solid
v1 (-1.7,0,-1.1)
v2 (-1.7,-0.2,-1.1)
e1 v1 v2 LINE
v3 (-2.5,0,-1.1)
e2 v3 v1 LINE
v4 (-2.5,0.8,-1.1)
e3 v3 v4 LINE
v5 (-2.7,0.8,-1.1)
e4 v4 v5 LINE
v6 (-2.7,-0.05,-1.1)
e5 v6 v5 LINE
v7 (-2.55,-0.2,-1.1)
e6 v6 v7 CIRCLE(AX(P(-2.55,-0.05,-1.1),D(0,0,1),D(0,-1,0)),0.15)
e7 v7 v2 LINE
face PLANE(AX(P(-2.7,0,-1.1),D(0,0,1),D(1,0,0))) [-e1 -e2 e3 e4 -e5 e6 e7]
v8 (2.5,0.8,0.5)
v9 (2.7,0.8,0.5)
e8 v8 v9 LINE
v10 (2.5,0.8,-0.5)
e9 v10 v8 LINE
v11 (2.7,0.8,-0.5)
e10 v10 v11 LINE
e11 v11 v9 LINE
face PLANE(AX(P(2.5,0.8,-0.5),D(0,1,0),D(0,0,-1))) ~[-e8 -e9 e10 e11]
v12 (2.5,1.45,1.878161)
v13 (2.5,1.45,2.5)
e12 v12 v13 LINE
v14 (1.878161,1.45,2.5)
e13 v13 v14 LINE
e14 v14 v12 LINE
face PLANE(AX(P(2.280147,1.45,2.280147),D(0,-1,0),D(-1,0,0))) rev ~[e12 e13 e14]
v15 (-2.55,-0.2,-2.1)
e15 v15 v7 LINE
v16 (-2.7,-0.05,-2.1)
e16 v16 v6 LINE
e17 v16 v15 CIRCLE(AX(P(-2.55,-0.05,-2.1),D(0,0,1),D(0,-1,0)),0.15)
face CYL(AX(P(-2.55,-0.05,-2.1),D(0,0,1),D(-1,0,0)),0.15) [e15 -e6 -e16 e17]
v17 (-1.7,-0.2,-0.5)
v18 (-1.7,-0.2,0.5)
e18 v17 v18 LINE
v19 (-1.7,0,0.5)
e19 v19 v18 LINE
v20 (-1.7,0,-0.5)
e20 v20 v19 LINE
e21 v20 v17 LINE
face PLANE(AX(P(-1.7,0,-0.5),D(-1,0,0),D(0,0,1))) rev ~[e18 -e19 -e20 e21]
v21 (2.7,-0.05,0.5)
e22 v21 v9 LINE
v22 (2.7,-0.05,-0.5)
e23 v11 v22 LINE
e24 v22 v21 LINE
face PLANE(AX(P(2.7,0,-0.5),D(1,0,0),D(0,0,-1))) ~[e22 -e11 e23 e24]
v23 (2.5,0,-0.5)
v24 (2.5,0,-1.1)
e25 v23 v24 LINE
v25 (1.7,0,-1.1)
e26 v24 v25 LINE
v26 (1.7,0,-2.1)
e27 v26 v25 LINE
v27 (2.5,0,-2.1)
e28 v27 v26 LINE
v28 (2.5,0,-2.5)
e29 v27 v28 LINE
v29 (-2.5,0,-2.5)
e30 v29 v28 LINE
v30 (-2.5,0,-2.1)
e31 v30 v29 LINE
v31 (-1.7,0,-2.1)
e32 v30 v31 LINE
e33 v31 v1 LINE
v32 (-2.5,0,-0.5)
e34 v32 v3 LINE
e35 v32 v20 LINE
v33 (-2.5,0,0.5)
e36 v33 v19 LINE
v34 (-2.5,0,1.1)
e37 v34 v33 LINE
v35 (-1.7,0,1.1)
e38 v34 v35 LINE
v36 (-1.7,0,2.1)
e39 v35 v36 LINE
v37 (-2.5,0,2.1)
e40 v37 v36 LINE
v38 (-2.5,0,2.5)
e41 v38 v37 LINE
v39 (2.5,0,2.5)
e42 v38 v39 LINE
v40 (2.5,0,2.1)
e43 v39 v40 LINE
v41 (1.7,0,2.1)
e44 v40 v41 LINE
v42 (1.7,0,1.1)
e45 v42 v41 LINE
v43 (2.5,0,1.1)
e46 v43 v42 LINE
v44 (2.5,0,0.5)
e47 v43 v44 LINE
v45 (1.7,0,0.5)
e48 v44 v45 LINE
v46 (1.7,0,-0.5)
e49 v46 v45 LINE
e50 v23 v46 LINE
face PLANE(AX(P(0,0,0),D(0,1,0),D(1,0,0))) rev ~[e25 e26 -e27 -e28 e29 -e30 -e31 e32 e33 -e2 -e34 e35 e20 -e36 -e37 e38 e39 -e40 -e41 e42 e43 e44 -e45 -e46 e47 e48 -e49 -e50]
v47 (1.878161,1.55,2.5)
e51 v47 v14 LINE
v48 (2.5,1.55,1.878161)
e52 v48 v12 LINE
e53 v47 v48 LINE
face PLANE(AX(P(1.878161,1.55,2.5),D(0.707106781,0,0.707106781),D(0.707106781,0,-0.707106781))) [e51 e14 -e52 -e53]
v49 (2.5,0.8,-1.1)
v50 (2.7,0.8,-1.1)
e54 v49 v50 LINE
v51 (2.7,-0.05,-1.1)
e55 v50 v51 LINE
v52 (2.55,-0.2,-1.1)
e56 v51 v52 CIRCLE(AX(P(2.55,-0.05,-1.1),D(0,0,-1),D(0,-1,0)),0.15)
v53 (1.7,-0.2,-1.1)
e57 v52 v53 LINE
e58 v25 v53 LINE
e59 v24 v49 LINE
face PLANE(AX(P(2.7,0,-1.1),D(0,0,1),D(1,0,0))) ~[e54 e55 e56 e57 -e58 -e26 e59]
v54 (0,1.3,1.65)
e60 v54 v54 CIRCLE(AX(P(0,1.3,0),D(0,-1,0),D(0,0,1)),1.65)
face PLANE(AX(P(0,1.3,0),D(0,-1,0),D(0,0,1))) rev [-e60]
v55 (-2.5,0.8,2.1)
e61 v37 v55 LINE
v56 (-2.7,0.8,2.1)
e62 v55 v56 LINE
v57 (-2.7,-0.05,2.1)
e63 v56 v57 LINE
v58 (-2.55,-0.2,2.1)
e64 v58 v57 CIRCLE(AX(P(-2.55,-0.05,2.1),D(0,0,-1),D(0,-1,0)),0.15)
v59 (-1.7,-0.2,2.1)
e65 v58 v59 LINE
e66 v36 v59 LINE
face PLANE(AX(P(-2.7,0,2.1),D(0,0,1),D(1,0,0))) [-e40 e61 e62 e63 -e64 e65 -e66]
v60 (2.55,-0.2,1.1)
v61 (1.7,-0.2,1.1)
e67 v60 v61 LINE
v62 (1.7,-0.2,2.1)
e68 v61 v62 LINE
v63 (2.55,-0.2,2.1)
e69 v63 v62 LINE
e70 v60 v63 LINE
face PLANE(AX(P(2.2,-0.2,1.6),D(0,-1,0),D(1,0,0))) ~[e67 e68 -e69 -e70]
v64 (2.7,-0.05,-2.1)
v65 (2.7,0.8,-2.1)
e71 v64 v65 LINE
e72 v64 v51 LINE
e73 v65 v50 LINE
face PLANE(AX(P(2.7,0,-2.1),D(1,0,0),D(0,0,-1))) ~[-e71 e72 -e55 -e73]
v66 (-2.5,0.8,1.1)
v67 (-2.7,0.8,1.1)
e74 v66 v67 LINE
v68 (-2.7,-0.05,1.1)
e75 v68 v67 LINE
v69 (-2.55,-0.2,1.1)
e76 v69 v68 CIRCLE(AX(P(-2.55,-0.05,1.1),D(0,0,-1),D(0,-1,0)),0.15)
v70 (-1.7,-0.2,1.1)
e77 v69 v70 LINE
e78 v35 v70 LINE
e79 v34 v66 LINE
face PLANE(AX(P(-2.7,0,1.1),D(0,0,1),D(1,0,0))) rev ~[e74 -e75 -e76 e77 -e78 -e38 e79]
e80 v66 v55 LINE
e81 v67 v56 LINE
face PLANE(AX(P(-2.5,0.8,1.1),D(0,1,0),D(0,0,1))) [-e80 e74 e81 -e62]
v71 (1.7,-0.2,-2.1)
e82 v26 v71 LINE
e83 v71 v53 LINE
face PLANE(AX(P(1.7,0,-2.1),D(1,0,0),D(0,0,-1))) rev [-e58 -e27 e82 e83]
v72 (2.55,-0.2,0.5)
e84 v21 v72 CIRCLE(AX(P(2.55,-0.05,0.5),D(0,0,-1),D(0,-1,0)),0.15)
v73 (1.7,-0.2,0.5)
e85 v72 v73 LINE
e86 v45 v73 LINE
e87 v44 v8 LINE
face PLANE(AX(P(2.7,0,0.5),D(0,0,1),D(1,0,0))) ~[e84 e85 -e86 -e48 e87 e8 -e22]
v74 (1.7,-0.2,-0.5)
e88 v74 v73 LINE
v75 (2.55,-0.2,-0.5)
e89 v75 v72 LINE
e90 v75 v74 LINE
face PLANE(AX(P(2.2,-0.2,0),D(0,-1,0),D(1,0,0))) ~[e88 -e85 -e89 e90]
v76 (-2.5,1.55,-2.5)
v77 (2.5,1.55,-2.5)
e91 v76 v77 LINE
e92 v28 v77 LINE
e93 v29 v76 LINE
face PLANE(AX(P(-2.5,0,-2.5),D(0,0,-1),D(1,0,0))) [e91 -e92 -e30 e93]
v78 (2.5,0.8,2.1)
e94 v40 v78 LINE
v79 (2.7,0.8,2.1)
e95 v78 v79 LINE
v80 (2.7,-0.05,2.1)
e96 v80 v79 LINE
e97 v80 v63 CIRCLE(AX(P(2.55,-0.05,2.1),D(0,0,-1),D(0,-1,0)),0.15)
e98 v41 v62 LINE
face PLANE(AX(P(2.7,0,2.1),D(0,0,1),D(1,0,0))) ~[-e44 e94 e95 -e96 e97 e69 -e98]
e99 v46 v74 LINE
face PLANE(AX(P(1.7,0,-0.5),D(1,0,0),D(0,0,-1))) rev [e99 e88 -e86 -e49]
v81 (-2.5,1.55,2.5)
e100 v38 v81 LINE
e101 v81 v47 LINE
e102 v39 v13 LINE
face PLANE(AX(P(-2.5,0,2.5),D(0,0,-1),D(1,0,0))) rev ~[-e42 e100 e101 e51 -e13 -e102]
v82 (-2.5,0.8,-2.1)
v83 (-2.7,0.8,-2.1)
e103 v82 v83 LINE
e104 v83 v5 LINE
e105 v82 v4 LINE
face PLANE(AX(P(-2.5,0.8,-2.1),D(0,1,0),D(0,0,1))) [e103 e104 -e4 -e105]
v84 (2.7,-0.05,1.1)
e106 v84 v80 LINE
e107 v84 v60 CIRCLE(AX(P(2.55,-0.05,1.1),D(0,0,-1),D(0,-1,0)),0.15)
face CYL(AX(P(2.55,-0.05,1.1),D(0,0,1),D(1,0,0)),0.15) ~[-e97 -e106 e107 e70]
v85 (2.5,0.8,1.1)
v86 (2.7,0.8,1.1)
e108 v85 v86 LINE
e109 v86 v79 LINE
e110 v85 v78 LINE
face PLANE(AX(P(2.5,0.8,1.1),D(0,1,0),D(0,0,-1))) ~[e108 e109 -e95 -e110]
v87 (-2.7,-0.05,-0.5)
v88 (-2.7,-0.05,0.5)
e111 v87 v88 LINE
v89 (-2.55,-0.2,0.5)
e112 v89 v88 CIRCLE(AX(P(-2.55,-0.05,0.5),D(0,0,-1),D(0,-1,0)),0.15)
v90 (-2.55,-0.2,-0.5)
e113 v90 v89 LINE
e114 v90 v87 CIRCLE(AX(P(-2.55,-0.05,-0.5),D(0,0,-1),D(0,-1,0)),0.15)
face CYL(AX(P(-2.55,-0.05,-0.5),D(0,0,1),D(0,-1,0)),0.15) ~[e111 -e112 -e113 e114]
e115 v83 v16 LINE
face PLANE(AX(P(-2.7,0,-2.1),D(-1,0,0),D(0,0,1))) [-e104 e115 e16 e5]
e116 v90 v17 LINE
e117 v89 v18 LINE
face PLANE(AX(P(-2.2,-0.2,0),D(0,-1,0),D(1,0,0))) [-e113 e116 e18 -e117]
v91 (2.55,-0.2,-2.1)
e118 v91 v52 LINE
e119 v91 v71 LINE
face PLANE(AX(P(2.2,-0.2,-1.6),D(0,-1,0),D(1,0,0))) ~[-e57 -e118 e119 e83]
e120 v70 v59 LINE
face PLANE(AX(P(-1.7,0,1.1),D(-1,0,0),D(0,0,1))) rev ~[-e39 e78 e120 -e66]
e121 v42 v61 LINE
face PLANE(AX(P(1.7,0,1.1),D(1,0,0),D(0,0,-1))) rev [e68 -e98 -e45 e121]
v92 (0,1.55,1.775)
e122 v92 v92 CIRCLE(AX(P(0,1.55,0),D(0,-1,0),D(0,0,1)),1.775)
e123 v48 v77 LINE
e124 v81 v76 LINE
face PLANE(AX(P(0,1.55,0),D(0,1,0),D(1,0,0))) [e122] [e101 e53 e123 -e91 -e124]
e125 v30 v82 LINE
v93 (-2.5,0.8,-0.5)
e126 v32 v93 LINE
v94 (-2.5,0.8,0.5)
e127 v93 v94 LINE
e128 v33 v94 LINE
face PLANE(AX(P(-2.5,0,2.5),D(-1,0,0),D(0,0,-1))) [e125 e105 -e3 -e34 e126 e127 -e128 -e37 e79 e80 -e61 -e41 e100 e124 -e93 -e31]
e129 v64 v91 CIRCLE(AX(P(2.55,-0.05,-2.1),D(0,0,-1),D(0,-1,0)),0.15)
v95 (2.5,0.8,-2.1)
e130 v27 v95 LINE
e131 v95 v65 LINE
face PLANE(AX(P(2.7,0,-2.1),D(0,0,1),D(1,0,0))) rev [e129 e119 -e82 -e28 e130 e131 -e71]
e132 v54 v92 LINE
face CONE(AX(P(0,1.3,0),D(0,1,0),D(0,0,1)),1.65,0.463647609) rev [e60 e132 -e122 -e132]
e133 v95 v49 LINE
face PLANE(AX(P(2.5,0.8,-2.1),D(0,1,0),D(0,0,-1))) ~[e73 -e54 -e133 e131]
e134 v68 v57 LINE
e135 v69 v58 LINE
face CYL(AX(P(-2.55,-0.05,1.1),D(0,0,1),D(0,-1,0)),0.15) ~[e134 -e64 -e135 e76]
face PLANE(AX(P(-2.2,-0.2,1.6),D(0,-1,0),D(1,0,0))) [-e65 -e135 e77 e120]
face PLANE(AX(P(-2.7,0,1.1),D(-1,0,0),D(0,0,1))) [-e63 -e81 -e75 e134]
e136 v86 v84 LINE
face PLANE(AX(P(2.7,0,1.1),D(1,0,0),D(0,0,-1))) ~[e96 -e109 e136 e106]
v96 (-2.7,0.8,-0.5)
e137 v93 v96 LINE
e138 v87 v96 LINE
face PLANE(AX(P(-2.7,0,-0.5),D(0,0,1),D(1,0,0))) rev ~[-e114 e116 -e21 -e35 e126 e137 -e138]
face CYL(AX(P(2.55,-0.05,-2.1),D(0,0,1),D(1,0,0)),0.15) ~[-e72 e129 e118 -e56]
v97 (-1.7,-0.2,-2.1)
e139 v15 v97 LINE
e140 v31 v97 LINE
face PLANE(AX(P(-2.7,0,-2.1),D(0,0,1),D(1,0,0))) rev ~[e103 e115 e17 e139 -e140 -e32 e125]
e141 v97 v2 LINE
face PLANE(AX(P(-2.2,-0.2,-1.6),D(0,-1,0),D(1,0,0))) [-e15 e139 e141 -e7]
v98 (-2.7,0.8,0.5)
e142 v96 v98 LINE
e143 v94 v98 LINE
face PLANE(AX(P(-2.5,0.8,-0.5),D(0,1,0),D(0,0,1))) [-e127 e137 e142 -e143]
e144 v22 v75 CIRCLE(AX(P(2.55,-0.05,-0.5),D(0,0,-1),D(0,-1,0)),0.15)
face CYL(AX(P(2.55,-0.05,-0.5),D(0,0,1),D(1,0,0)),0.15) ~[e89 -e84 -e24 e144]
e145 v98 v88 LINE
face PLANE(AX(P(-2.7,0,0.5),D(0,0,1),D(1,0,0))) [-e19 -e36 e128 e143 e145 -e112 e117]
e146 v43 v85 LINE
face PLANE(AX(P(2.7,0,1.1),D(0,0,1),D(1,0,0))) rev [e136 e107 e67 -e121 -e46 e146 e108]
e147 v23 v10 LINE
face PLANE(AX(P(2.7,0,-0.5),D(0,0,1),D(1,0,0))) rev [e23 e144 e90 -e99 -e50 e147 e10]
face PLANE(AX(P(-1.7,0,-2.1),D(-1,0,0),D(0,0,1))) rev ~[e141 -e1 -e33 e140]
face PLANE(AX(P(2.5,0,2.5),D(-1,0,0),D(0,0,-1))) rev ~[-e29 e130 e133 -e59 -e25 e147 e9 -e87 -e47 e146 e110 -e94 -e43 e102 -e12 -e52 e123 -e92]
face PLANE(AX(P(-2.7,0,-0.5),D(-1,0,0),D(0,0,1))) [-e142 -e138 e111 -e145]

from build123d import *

# Parameters (mm, degrees)
SKETCH1_W            = 5
SKETCH1_H            = 5
BOSS_EXTRUDE1_DEPTH  = 1.55
SKETCH6_W            = 1
SKETCH6_H            = 0.8
BOSS_EXTRUDE3_DEPTH  = 0.2
SKETCH7_W            = 1
SKETCH7_H            = 1
BOSS_EXTRUDE5_DEPTH  = 0.2
FILLET1_R            = 0.15
FILLET1_OF_MIRROR1_R = 0.15
CUT_EXTRUDE2_DEPTH   = 0.1


with BuildPart() as part:
    # Sketch1 → Boss-Extrude1 (new body)
    with BuildSketch(Plane(origin=(0, 0, 0), x_dir=(1, 0, 0), z_dir=(0, 1, 0))):
        Rectangle(SKETCH1_W, SKETCH1_H)
    extrude(amount=BOSS_EXTRUDE1_DEPTH)

    # Sketch5 → CSK SLOT for M2 Flat Head Machine Screw1 (revolve, cut)
    with BuildSketch(Plane(origin=(0, 1.55, 0), x_dir=(0, 0, 1), z_dir=(1, 0, 0))):
        Polygon((0, 0), (0, 0.25), (1.65, 0.25), (1.775, 0), align=None)
    revolve(axis=Axis((0, 7.9, 0), (0, -1, 0)), mode=Mode.SUBTRACT)

    # Sketch6 → Boss-Extrude3 (add)
    with BuildSketch(Plane.ZY.offset(2.5)):
        with Locations((0, 0.4)):
            Rectangle(SKETCH6_W, SKETCH6_H)
        with Locations((1.6, 0.4)):
            Rectangle(SKETCH6_W, SKETCH6_H)
        with Locations((-1.6, 0.4)):
            Rectangle(SKETCH6_W, SKETCH6_H)
    boss_extrude3 = extrude(amount=BOSS_EXTRUDE3_DEPTH)

    # Sketch7 → Boss-Extrude5 (add)
    with BuildSketch(Plane.XZ):
        with Locations((-2.2, -1.6)):
            Rectangle(SKETCH7_W, SKETCH7_H)
        with Locations((-2.2, 0)):
            Rectangle(SKETCH7_W, SKETCH7_H)
        with Locations((-2.2, 1.6)):
            Rectangle(SKETCH7_W, SKETCH7_H)
    boss_extrude5 = extrude(amount=BOSS_EXTRUDE5_DEPTH)

    # Fillet1
    fillet1_edges = [part.edges().sort_by_distance(p)[0] for p in [
        (-2.7, -0.2, -1.6),
        (-2.7, -0.2, 0),
        (-2.7, -0.2, 1.6),
    ]]
    fillet(fillet1_edges, radius=FILLET1_R)

    # Mirror1: Boss-Extrude3, Boss-Extrude5 across plane
    add(boss_extrude3.mirror(Plane.ZY))
    add(boss_extrude5.mirror(Plane.ZY))

    # Fillet1 of Mirror1
    fillet1_of_mirror1_edges = [part.edges().sort_by_distance(p)[0] for p in [
        (2.7, -0.2, -1.6),
        (2.7, -0.2, 0),
        (2.7, -0.2, 1.6),
    ]]
    fillet(fillet1_of_mirror1_edges, radius=FILLET1_OF_MIRROR1_R)

    # Sketch9 → Cut-Extrude2 (cut)
    with BuildSketch(Plane(origin=(0, 1.55, 0), x_dir=(1, 0, 0), z_dir=(0, 1, 0))):
        Polygon((1.878160882, -2.5), (2.5, -1.878160882), (2.5, -2.5), align=None)
    extrude(amount=-CUT_EXTRUDE2_DEPTH, mode=Mode.SUBTRACT)


solid = part.part
